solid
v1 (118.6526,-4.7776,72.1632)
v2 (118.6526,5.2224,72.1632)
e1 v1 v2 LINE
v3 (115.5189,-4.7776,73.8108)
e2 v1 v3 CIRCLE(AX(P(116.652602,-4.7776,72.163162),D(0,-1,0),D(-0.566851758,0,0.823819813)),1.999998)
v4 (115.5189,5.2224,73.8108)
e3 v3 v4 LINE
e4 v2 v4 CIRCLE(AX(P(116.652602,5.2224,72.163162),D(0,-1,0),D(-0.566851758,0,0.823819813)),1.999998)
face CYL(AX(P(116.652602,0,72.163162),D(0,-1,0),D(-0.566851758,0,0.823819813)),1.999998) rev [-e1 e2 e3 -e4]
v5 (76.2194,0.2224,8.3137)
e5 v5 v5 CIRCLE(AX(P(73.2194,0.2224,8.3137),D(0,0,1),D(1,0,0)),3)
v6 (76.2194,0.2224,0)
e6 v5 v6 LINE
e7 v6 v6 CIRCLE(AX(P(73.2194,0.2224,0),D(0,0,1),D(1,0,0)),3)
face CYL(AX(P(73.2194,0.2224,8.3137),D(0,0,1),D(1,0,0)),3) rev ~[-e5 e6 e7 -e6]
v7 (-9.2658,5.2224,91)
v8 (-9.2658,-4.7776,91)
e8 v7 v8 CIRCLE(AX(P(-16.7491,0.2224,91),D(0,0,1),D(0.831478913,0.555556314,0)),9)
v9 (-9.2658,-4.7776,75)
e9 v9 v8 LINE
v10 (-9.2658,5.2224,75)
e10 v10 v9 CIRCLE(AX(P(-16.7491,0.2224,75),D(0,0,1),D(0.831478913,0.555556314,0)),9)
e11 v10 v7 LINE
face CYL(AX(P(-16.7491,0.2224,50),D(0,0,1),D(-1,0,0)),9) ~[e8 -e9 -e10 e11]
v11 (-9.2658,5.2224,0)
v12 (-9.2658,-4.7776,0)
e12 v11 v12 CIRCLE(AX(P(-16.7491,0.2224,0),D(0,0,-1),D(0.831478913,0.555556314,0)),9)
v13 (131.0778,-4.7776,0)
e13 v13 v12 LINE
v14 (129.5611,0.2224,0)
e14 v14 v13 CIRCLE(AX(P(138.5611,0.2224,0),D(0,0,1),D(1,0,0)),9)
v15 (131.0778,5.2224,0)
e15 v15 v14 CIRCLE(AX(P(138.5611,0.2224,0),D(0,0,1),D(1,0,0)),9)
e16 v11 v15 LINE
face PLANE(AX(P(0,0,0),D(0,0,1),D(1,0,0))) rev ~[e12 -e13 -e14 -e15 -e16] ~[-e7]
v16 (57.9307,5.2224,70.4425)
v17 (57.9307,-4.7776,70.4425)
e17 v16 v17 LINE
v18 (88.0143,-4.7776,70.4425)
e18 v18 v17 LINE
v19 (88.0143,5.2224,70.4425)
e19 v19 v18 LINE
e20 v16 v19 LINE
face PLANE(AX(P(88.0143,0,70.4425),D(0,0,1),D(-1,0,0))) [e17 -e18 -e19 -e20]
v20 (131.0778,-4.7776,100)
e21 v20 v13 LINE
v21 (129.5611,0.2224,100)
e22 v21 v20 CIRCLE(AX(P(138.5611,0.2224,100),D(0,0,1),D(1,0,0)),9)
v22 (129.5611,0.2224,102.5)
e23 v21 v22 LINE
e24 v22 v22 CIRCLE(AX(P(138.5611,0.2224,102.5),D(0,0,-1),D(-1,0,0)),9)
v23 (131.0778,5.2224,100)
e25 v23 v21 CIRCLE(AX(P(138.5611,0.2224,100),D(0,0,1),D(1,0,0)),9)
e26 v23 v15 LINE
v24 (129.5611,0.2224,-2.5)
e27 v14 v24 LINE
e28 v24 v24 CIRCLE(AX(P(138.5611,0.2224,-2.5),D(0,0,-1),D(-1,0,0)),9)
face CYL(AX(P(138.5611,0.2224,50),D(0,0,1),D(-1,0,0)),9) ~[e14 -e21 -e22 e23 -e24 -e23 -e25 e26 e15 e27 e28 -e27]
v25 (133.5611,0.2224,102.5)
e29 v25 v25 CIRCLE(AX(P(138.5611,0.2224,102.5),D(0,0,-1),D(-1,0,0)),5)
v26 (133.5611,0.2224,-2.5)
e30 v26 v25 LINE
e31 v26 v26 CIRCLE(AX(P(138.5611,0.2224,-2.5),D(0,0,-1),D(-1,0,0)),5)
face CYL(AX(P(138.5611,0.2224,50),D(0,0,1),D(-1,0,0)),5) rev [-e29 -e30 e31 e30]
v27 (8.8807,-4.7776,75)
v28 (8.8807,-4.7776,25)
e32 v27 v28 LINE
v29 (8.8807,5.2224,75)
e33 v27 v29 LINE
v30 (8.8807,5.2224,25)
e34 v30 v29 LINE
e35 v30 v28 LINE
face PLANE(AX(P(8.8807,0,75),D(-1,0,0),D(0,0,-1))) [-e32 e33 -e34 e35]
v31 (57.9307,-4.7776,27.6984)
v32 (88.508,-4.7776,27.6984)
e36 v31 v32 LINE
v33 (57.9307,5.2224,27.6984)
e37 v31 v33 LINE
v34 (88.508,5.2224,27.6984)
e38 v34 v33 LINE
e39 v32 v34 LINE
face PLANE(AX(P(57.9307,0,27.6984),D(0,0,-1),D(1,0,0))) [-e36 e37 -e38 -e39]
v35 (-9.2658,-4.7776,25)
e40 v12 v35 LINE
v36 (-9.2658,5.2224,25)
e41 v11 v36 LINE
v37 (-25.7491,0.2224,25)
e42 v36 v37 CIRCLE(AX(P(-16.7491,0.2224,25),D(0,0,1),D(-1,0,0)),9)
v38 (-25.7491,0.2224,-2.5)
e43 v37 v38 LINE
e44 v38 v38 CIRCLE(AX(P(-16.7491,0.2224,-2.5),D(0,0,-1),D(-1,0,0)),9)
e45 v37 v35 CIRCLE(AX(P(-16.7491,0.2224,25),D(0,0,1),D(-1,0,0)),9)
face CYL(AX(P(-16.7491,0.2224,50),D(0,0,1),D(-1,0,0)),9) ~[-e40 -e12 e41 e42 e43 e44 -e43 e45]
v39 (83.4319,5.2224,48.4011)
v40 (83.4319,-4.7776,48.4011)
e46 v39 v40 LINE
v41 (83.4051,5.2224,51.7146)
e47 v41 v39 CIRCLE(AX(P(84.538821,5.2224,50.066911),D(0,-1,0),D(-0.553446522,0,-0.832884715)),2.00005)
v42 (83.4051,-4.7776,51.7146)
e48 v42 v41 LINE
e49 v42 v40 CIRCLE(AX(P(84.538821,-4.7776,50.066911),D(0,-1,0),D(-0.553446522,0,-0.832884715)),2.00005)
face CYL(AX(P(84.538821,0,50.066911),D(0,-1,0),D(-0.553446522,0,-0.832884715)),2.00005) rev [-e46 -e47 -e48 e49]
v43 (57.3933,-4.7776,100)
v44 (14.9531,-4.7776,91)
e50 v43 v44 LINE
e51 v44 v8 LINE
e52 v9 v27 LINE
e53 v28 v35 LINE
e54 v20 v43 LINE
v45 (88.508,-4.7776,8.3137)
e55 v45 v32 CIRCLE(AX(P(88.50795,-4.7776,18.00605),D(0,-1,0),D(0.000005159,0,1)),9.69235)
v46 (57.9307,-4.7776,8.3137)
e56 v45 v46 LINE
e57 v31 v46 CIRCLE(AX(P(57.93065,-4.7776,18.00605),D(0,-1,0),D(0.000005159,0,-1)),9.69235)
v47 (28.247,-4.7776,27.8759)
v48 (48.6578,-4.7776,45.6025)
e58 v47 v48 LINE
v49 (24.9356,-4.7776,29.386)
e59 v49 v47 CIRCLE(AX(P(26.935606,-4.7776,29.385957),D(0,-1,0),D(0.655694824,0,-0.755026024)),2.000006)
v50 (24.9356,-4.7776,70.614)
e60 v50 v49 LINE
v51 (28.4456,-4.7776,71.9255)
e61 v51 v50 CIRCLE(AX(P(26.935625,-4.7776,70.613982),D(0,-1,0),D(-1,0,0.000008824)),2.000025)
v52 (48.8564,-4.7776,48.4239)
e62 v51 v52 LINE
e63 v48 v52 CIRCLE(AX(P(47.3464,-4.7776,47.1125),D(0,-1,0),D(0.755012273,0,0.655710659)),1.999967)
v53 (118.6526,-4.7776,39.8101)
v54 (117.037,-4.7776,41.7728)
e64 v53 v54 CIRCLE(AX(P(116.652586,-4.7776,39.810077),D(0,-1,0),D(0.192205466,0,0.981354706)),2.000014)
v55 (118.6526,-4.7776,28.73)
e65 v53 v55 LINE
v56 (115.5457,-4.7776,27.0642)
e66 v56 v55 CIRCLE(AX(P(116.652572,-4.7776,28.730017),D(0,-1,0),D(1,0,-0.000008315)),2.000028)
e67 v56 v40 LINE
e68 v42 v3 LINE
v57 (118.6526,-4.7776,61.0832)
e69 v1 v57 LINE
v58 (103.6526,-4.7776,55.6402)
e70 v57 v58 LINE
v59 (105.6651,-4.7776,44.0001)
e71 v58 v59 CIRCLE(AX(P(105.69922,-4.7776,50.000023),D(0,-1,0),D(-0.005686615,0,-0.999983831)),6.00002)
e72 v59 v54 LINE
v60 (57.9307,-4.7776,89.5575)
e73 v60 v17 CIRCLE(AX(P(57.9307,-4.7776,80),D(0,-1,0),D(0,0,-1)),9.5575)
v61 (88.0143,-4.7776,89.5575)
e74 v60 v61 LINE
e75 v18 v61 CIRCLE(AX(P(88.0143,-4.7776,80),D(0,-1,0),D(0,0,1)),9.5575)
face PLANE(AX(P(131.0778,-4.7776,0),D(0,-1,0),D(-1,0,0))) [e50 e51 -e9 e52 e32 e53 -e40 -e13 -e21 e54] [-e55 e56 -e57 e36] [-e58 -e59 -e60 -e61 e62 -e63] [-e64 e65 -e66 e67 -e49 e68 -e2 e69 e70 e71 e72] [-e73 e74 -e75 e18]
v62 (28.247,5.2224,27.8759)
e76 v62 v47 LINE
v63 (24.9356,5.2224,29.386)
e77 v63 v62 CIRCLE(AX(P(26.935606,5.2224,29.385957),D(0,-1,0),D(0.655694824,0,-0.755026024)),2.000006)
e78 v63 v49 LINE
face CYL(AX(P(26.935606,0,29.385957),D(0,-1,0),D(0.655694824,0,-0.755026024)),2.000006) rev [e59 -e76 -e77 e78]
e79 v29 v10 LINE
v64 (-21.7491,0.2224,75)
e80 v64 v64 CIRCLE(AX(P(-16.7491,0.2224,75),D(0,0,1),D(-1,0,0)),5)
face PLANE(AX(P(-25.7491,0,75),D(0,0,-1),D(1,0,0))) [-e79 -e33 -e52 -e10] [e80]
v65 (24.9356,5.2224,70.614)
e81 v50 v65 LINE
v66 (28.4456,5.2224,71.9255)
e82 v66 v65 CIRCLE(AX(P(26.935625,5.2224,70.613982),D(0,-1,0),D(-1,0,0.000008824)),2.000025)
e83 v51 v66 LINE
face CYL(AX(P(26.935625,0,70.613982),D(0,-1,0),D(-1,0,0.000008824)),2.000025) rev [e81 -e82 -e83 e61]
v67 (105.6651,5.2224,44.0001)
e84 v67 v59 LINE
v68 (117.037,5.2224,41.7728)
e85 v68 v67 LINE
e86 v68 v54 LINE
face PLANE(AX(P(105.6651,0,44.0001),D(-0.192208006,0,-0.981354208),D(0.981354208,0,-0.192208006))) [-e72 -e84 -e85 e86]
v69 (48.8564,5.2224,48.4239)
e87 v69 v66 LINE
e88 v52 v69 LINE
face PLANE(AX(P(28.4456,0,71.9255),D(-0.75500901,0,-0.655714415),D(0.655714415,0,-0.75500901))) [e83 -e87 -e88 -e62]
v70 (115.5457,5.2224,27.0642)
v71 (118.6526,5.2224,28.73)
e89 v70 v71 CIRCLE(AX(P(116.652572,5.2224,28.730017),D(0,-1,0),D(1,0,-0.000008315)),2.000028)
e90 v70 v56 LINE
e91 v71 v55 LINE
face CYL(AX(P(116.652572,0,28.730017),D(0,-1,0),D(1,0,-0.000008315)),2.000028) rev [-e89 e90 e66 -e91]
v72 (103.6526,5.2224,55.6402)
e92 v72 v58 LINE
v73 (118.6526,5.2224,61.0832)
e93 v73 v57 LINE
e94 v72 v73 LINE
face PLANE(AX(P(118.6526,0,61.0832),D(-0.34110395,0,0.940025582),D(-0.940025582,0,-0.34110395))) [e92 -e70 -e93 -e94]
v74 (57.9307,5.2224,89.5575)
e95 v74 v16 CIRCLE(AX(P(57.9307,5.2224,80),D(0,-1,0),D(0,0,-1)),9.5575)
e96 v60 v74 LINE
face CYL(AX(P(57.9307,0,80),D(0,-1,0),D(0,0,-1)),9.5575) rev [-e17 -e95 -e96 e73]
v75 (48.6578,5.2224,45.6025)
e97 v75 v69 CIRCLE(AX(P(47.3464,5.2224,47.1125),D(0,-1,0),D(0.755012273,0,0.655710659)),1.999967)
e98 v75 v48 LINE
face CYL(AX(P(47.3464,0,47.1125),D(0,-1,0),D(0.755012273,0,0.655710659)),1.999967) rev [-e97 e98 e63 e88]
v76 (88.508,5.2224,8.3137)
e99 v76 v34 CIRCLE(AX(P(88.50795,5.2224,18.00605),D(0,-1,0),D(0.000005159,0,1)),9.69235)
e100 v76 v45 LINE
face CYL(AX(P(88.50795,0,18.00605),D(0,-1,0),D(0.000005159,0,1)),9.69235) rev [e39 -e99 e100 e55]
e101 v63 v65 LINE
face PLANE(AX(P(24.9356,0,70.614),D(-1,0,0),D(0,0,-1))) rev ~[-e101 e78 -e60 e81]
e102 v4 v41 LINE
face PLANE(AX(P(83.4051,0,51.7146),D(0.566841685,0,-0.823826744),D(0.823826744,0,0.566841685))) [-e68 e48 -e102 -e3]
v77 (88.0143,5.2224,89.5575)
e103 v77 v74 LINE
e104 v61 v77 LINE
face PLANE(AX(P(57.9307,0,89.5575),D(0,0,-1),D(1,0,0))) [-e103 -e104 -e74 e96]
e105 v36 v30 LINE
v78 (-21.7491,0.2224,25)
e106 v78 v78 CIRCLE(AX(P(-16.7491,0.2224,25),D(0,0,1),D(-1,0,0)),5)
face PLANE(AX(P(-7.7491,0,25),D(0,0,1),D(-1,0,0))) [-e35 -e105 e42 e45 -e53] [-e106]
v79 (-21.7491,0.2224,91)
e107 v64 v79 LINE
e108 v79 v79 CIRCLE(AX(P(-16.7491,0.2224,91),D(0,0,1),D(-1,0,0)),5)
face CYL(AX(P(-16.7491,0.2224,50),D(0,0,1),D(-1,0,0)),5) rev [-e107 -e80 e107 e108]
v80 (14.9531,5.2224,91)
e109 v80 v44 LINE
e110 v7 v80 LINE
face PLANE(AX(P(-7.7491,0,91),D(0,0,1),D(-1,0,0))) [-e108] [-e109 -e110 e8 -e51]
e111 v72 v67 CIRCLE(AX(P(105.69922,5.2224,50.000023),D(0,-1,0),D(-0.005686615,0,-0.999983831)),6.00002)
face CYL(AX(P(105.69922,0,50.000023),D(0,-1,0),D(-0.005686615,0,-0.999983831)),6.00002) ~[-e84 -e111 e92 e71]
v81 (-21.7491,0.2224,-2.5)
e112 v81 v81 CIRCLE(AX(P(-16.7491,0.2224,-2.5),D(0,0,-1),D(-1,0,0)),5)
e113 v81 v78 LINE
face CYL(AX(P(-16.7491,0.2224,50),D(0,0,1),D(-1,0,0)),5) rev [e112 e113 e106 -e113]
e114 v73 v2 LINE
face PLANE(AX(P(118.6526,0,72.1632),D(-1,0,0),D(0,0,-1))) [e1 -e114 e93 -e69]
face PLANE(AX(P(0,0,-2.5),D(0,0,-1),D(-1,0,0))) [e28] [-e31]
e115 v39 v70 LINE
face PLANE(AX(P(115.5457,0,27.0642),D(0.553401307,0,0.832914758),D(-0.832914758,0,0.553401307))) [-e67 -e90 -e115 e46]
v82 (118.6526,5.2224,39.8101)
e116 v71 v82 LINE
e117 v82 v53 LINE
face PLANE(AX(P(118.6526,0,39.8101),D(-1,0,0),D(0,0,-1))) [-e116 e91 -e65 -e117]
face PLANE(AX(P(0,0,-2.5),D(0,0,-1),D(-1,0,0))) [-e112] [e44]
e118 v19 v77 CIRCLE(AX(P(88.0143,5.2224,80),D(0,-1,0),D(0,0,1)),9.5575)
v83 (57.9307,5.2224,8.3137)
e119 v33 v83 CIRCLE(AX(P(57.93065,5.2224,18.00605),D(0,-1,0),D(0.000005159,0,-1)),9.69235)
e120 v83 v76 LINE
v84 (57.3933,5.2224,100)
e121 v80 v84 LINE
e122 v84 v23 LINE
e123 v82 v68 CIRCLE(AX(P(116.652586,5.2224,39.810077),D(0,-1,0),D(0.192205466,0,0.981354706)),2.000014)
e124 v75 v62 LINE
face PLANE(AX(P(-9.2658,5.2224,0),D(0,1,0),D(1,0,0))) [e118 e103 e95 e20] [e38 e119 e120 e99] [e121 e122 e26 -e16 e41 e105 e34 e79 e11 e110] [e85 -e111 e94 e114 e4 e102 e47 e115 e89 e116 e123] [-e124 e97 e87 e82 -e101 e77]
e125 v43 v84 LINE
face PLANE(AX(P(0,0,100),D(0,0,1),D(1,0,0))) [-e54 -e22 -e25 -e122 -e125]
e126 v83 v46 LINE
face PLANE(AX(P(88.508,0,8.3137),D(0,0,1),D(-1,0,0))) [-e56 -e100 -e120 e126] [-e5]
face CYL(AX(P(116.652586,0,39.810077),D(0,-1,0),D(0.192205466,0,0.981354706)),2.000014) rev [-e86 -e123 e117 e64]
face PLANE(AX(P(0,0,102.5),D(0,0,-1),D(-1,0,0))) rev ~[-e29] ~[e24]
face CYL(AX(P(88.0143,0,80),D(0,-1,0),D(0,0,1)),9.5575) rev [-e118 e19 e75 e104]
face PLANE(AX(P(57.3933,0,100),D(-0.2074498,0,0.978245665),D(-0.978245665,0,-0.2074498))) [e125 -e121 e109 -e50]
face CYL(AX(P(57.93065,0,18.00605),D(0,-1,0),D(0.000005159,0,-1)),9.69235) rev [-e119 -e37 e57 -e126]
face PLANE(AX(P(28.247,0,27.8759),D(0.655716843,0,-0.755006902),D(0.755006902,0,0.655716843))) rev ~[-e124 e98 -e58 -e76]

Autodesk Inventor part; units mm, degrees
ref_plane "YZ Plane" through (0, 0, 0) normal (1, 0, 0) x (0, 1, 0)
ref_plane "XZ Plane" through (0, 0, 0) normal (0, 1, 0) x (-1, 0, 0)
sketch "Boceto2" plane through (0, 0, 0) normal (0, 0, 1) x (1, 0, 0)
  circle A0 centre (-16.7491, 0.2224) radius 9
  circle A1 centre (138.5611, 0.2224) radius 9
  line L0 (-9.2658, 5.2224) -> (131.0778, 5.2224)
  line L1 (131.0778, -4.7776) -> (-9.2658, -4.7776)
  circle A2 centre (138.5611, 0.2224) radius 5
  circle A3 centre (-16.7491, 0.2224) radius 5
  point P0 (0, 0)
  dimension "d2" = 18
  dimension "d3" = 10
  dimension "d4" = 10
extrude "Extrusión1" add sketch "Boceto2" along normal blind 100 contours A0 L0 A1 L1
ref_plane "Plano de trabajo1" through (0, 0, 50) normal (0, 0, -1) x (-1, 0, 0)
sketch "Boceto3" plane through (0, 0, 50) normal (0, 0, -1) x (-1, 0, 0)
  circle A0 centre (-138.5611, 0.2224) radius 9 projected
  circle A1 centre (16.7491, 0.2224) radius 9 projected
  circle A2 centre (-138.5611, 0.2224) radius 5 projected
  circle A3 centre (16.7491, 0.2224) radius 5 projected
  point P0 (0, 0)
extrude "Extrusión2" add sketch "Boceto3" along normal mid plane 105
sketch "Boceto4" plane through (0, 0, 0) normal (0, 1, 0) x (-1, 0, 0)
  line L0 (25.7491, 102.5) -> (25.7491, -2.5) projected
  line L1 (9.2658, 0) -> (-131.0778, 0) projected
  line L2 (9.2658, 100) -> (-131.0778, 100) projected
  line L3 (-147.5611, 102.5) -> (-147.5611, -2.5) projected
  line L4 (25.7491, 9) -> (-14.9531, 9)
  line L5 (-14.9531, 9) -> (-57.3933, 0)
  line L6 (9.2658, 0) -> (-131.0778, 0) projected
  line L7 (-57.3933, 100) -> (-14.9531, 91)
  line L8 (-14.9531, 91) -> (25.7491, 91)
  line L9 (25.7491, 75) -> (-8.8807, 75)
  line L10 (-8.8807, 75) -> (-8.8807, 25)
  line L11 (-8.8807, 25) -> (25.7491, 25)
  line L12 (-24.9356, 70.614) -> (-24.9356, 29.386)
  line L13 (-83.4051, 51.7146) -> (-115.5189, 73.8108)
  line L14 (-118.6526, 72.1632) -> (-118.6526, 61.0832)
  line L15 (-118.6526, 39.8101) -> (-118.6526, 28.73)
  line L16 (-115.5457, 27.0642) -> (-83.4319, 48.4011)
  line L17 (-28.4456, 71.9255) -> (-48.8564, 48.4239)
  line L18 (-28.247, 27.8759) -> (-48.6578, 45.6025)
  line L19 (-57.9307, 80) -> (-88.0143, 80) construction
  line L20 (-57.9307, 89.5575) -> (-88.0143, 89.5575)
  line L21 (-88.0143, 70.4425) -> (-57.9307, 70.4425)
  arc A0 (-57.9307, 70.4425) -> (-57.9307, 89.5575) centre (-57.9307, 80) ccw
  arc A1 (-88.0143, 89.5575) -> (-88.0143, 70.4425) centre (-88.0143, 80) ccw
  line L22 (-57.9307, 18.0061) -> (-88.508, 18.0061) construction
  line L23 (-57.9307, 27.6984) -> (-88.508, 27.6984)
  line L24 (-88.508, 8.3137) -> (-57.9307, 8.3137)
  arc A2 (-57.9307, 8.3137) -> (-57.9307, 27.6984) centre (-57.9307, 18.0061) ccw
  arc A3 (-88.508, 27.6984) -> (-88.508, 8.3137) centre (-88.508, 18.0061) ccw
  line L25 (-118.6526, 61.0832) -> (-103.6526, 55.6402)
  arc A4 (-105.6651, 44.0001) -> (-103.6526, 55.6402) centre (-105.6992, 50) ccw
  line L26 (-105.6651, 44.0001) -> (-117.037, 41.7728)
  arc A5 (-115.5189, 73.8108) -> (-118.6526, 72.1632) centre (-116.6526, 72.1632) ccw
  arc A6 (-83.4319, 48.4011) -> (-83.4051, 51.7146) centre (-84.5388, 50.0669) ccw
  arc A7 (-118.6526, 28.73) -> (-115.5457, 27.0642) centre (-116.6526, 28.73) ccw
  arc A8 (-117.037, 41.7728) -> (-118.6526, 39.8101) centre (-116.6526, 39.8101) ccw
  arc A9 (-28.247, 27.8759) -> (-24.9356, 29.386) centre (-26.9356, 29.386) ccw
  arc A10 (-24.9356, 70.614) -> (-28.4456, 71.9255) centre (-26.9356, 70.614) ccw
  arc A11 (-48.8564, 48.4239) -> (-48.6578, 45.6025) centre (-47.3464, 47.1125) ccw
  line L27 (25.7491, 100) -> (25.7491, 91)
  line L28 (7.7491, 102.5) -> (7.7491, -2.5) projected
  line L29 (-57.3933, 100) -> (7.7491, 100)
  line L30 (7.7491, 102.5) -> (25.7491, 102.5)
  line L31 (25.7491, 102.5) -> (7.7491, 102.5) projected
  point P0 (0, 0)
  point P1 (-24.9356, 75.967)
  point P2 (-24.9356, 25)
  point P3 (-80.9683, 50.038)
  point P4 (-118.6526, 75.967)
  point P5 (-118.6526, 41.4563)
  point P6 (-118.6526, 25)
  point P7 (-8.8807, 50)
  point P8 (25.7491, 50)
  point P9 (-24.9356, 50)
  point P10 (-50.1679, 46.9139)
  point P11 (-72.9725, 80)
  point P12 (-73.2193, 18.0061)
  point P13 (-147.5611, 50)
  dimension "d11" = 50
  dimension "d12" = 16
  dimension "d14" = 16
  dimension "d26" = 2
  dimension "d27" = 2
  dimension "d28" = 6
  dimension "d29" = 15
extrude "Extrusión4" cut sketch "Boceto4" along normal through all both and the other way through all contours L0 L8 L28 L30 | L28 L8 L7 L2 | L0 L11 L28 L9 | L28 L11 L10 L9 | L12 A9 L18 A11 L17 A10 | A6 L16 A7 L15 A8 L26 A4 L25 L14 A5 L13 | A0 L21 A1 L20 | A2 L24 A3 L23
sketch "Boceto5" plane through (57.9307, 5.2224, 8.3137) normal (0, 0, 1) x (1, 0, 0)
  line L0 (0, 0) -> (30.5774, 0) projected
  line L1 (0, -10) -> (0, 0) projected
  line L2 (30.5774, -10) -> (0, -10) projected
  line L3 (30.5774, -10) -> (30.5774, 0) projected
  circle A0 centre (15.2887, -5) radius 3
  line L4 (0, 0) -> (30.5774, 0) projected
  line L5 (0, -10) -> (0, 0) projected
  point P0 (-57.9307, -5.2224)
  point P1 (15.2887, 0)
  point P2 (0, -5)
  dimension "d32" = 6
extrude "Extrusión5" cut sketch "Boceto5" against normal through all contours A0
properties part number "Left_upper_part" material "Acero, suave"
